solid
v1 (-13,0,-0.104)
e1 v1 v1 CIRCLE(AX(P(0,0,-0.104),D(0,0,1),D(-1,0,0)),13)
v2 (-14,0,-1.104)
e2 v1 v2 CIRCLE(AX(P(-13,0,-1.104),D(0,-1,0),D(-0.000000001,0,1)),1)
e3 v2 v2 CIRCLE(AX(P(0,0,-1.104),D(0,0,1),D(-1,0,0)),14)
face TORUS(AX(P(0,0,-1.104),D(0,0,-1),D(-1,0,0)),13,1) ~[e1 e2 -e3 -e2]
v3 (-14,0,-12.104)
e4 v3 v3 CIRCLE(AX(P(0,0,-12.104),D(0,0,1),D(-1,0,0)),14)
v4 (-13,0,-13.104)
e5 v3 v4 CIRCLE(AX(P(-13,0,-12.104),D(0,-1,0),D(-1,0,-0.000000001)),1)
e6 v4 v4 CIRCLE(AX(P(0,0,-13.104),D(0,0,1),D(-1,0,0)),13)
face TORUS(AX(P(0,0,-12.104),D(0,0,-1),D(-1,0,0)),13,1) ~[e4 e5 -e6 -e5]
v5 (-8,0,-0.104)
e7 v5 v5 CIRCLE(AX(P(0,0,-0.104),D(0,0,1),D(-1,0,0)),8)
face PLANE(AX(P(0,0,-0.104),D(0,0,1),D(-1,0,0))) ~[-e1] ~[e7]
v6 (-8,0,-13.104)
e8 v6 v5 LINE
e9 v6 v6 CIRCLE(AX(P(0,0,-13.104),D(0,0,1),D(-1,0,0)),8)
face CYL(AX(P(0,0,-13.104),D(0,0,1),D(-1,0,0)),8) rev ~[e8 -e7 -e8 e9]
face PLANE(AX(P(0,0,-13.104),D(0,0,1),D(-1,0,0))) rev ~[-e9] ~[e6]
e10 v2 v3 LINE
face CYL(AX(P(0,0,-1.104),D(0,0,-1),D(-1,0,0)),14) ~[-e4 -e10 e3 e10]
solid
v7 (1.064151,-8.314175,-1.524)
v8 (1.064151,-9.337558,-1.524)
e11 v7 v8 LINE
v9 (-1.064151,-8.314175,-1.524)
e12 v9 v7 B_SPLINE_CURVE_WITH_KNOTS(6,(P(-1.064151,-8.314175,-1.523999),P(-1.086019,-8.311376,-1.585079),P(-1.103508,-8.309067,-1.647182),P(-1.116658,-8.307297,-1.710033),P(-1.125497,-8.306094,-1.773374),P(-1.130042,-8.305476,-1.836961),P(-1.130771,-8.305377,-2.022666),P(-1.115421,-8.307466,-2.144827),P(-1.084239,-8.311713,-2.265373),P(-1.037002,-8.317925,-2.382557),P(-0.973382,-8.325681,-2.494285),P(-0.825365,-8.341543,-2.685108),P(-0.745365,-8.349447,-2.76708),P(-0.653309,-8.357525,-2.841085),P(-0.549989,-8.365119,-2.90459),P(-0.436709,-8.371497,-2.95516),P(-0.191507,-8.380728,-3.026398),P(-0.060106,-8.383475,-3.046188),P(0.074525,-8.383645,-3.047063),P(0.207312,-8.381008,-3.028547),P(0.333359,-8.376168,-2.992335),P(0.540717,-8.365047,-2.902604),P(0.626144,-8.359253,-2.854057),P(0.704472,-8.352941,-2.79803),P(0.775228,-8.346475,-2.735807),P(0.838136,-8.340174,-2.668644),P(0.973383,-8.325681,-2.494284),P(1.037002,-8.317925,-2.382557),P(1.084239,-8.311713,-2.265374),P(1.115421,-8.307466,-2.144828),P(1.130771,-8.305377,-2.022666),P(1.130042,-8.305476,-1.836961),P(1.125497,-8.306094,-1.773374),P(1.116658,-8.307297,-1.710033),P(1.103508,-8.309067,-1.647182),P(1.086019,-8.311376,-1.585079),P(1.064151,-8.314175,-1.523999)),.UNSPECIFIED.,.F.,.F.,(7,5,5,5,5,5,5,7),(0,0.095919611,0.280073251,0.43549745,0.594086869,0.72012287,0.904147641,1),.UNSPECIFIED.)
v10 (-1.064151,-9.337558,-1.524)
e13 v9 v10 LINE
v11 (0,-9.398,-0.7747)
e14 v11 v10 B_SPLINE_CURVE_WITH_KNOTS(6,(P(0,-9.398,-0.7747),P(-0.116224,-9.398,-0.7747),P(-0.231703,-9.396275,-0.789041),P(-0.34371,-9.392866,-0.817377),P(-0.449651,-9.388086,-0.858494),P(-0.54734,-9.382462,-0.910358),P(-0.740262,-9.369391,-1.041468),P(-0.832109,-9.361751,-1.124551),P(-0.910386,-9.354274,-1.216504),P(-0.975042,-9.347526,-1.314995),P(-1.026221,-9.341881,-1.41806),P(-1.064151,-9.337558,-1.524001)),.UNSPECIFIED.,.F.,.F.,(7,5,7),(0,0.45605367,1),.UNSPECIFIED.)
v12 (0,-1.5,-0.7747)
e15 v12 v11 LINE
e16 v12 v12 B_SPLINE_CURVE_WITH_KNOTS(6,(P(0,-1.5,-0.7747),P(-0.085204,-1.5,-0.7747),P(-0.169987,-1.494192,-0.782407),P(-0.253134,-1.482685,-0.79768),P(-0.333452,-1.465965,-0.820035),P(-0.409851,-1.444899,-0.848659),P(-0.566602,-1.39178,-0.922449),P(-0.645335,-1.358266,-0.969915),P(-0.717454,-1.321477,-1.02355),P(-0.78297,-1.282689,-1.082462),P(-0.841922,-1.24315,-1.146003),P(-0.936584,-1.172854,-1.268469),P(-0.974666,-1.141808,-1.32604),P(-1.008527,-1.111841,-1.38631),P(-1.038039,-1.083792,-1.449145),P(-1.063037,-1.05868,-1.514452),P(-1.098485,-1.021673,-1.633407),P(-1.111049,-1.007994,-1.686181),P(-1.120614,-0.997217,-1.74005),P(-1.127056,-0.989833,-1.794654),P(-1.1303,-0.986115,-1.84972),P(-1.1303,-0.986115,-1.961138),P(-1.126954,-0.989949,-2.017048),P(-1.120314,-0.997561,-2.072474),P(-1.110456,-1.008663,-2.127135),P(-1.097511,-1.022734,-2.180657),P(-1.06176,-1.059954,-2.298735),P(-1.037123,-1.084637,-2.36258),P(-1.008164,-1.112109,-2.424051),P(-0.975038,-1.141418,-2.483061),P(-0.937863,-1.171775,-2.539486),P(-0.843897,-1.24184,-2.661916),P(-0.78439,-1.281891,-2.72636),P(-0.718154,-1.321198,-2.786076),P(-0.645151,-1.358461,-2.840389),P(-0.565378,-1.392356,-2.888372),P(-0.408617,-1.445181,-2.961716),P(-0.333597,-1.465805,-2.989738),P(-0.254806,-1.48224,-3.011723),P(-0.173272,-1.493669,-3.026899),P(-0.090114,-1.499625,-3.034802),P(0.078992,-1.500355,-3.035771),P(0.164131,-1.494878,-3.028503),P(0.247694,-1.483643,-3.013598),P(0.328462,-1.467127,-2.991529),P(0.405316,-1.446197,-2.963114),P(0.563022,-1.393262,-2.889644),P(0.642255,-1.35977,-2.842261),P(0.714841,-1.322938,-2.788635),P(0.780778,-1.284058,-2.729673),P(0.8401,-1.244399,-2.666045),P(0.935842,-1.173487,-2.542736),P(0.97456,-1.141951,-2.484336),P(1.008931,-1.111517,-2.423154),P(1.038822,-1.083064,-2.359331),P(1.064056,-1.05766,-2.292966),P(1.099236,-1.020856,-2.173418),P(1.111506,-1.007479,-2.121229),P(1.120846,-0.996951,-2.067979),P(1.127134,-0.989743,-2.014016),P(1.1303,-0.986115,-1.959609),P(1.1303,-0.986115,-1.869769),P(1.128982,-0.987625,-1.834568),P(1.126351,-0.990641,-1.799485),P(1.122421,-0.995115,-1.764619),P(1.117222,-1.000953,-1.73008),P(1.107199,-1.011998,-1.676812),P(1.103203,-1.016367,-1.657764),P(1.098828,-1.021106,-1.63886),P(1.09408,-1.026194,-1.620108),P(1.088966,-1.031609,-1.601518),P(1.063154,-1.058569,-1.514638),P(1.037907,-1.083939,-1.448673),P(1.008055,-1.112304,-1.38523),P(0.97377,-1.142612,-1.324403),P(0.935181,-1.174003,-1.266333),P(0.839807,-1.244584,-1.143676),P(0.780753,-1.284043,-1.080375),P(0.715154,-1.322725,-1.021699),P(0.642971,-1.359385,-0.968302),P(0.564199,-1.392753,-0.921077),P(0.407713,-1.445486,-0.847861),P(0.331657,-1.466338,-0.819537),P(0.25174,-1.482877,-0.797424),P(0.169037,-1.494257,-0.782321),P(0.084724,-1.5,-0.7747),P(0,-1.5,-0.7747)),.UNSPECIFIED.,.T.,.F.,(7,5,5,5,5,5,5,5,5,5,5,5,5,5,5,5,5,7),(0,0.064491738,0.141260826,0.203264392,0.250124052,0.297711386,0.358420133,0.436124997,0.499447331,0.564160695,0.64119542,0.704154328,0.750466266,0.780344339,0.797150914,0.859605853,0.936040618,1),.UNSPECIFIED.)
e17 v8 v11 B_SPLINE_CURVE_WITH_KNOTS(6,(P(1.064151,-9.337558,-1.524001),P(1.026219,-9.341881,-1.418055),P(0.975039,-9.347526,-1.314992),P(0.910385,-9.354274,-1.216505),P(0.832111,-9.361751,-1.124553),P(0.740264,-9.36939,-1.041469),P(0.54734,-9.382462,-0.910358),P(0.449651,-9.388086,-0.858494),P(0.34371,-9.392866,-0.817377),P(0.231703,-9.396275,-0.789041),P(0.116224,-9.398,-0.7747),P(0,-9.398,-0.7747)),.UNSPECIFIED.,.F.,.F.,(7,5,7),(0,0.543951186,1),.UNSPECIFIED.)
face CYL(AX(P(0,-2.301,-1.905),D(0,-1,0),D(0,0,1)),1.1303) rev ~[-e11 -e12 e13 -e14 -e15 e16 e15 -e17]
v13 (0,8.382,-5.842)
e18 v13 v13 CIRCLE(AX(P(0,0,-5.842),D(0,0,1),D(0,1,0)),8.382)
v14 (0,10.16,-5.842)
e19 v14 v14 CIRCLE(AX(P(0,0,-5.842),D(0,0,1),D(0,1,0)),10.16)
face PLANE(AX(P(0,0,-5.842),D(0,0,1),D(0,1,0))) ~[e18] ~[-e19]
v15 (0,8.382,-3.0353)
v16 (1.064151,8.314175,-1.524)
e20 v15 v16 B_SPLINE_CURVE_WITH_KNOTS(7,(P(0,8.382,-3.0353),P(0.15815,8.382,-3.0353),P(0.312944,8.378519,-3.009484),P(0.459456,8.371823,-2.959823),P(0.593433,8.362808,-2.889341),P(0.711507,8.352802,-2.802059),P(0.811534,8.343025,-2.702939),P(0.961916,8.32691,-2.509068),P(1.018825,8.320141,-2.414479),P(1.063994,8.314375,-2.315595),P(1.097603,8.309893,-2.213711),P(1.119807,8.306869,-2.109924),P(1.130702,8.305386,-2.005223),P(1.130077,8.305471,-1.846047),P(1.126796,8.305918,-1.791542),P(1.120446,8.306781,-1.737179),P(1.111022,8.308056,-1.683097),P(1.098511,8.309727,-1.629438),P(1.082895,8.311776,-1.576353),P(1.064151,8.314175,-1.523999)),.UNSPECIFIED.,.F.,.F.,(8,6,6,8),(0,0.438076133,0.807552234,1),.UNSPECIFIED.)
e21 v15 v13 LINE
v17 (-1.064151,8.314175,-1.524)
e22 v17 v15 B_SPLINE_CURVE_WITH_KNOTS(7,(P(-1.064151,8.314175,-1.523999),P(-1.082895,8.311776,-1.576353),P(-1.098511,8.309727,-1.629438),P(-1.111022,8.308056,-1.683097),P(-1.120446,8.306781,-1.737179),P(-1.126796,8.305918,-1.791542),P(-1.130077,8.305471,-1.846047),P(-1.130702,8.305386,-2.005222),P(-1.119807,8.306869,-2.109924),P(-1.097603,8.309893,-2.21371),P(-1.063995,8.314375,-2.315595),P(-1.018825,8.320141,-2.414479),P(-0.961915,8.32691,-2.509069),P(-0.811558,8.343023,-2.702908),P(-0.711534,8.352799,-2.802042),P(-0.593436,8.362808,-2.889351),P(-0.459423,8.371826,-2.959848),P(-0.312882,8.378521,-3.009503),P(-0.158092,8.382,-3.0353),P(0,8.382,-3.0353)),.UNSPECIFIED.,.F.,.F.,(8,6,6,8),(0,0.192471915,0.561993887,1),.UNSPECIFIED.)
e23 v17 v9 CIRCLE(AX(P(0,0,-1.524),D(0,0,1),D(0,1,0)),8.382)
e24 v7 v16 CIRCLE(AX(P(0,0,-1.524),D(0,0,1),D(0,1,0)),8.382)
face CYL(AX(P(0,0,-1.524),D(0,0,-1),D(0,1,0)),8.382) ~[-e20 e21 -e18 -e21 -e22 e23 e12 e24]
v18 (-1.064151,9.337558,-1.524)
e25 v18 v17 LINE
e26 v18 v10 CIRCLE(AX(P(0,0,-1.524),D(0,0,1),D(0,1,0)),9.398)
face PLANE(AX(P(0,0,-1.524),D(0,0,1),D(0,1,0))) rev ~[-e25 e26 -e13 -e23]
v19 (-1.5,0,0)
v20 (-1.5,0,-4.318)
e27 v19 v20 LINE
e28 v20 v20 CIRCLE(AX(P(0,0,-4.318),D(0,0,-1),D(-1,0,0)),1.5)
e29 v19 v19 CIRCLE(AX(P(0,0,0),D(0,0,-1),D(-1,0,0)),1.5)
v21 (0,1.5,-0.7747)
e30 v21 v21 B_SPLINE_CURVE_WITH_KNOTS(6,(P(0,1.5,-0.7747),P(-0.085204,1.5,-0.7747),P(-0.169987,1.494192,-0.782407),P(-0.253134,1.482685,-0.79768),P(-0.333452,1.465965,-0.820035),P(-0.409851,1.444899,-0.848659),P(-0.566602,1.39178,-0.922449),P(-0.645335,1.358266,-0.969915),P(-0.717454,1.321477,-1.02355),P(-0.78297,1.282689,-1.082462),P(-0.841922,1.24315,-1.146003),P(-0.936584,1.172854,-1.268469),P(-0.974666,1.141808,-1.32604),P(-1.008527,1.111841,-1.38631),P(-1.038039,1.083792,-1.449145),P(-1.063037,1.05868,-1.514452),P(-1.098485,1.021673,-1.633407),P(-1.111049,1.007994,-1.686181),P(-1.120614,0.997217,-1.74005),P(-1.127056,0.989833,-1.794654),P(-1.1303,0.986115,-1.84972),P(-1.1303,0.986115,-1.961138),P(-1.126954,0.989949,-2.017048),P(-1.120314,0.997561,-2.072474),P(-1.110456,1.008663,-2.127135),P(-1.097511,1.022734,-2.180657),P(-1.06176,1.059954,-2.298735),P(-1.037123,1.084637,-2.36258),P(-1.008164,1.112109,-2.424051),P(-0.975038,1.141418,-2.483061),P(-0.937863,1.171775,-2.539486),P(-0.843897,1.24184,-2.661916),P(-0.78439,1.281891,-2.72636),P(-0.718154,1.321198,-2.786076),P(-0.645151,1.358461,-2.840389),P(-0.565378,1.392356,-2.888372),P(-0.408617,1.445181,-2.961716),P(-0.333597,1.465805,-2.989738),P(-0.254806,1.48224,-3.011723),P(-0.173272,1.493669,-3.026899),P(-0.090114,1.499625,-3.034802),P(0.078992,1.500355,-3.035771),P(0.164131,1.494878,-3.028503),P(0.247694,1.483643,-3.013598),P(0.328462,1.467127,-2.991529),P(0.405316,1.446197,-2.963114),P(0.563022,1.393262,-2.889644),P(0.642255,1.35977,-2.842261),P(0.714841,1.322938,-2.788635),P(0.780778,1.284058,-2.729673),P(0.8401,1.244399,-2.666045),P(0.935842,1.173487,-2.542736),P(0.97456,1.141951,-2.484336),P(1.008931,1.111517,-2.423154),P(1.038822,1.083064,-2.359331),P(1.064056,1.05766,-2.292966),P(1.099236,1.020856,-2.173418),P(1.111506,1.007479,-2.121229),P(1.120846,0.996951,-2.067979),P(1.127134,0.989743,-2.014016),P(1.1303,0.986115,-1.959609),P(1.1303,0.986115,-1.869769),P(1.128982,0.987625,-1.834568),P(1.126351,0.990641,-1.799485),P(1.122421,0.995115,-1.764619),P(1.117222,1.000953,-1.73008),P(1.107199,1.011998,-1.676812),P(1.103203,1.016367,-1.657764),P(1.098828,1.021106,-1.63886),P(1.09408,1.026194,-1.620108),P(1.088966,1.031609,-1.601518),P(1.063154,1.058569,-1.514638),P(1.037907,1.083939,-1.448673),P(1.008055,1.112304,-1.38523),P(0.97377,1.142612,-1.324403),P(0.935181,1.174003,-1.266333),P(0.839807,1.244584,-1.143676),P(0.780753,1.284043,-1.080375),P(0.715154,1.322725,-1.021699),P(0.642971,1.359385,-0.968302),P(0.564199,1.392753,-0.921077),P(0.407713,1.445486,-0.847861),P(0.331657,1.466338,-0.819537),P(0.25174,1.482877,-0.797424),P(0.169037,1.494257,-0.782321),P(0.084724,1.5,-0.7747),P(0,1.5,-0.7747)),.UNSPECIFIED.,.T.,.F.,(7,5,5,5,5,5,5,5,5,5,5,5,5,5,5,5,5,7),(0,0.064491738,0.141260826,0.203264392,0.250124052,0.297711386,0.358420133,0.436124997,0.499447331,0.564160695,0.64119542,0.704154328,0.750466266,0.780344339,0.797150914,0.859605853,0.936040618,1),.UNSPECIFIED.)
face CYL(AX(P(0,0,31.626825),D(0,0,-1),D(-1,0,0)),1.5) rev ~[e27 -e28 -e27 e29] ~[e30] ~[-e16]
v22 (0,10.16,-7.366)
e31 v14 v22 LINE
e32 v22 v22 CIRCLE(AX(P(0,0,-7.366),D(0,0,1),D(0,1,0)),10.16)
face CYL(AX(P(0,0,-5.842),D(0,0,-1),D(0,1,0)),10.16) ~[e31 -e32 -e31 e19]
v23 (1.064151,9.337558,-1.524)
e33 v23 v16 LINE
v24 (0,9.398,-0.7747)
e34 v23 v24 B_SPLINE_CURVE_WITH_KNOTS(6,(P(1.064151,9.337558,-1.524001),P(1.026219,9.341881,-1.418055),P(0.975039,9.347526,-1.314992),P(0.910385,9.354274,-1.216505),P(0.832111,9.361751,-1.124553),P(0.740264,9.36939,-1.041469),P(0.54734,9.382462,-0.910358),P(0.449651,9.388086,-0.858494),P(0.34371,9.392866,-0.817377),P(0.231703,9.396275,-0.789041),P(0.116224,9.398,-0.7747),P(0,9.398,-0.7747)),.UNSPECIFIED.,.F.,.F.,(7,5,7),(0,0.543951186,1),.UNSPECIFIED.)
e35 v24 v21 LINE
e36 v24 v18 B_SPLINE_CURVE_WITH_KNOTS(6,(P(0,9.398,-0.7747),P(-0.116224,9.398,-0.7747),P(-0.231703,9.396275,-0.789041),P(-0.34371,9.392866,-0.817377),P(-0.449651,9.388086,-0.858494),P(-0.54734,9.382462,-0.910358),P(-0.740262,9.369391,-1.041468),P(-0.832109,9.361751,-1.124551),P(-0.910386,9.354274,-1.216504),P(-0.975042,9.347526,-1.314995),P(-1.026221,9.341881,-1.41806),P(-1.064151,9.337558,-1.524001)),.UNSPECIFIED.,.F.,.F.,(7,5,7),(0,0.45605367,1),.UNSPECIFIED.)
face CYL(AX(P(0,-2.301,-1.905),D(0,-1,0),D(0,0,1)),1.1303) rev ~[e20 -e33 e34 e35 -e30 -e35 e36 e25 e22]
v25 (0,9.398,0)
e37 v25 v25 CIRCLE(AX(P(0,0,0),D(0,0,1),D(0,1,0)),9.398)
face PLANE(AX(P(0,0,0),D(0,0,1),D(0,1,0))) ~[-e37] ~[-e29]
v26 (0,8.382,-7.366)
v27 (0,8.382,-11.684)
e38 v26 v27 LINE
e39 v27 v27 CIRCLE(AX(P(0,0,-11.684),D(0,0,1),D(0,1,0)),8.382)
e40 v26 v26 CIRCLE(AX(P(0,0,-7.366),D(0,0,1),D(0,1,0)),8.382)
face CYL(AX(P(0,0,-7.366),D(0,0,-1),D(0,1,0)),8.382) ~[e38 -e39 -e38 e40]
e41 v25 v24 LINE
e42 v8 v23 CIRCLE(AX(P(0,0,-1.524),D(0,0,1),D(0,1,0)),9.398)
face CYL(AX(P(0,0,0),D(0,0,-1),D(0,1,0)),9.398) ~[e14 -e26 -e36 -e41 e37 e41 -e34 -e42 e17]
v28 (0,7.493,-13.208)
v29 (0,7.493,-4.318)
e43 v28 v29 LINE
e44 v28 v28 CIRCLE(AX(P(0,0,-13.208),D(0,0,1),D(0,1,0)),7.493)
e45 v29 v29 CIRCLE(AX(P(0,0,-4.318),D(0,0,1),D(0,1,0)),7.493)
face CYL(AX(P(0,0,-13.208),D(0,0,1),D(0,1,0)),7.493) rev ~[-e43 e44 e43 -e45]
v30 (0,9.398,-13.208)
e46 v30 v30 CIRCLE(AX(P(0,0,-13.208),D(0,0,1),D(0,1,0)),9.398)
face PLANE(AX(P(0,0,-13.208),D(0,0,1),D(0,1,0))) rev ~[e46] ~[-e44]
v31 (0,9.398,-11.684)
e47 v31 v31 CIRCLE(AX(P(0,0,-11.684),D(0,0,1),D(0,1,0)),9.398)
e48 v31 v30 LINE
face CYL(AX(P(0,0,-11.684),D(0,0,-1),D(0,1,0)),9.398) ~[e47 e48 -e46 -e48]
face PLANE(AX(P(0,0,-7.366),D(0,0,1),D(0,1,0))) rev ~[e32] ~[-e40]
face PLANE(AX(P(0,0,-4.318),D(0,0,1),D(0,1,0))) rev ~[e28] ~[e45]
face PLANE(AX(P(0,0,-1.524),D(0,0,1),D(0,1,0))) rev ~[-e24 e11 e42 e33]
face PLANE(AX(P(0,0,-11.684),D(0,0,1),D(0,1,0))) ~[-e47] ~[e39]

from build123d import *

# Parameters (mm, degrees)
F_3_0_3_DIAMETER_HOLE1_D = 3
SKETCH4_W                = 1.1303
SKETCH4_H                = 23.398


with BuildPart() as part:
    # Sketch1 → Revolve1 (revolve)
    with BuildSketch(Plane(origin=(0, 0, 0), x_dir=(0, 0, -1), z_dir=(1, 0, 0))):
        Polygon((0, 0), (0, 9.398), (1.524, 9.398), (1.524, 8.382), (5.842, 8.382), (5.842, 10.16), (7.366, 10.16), (7.366, 8.382), (11.684, 8.382), (11.684, 9.398), (13.208, 9.398), (13.208, 7.493), (4.318, 7.493), (4.318, 0), align=None)
    revolve(axis=Axis((0, 0, -13.776427276), (0, 0, 1)))

    # Ø3.0 (3) Diameter Hole1 (through all)
    with Locations(Plane.XY):
        with Locations((0, 0)):
            Hole(F_3_0_3_DIAMETER_HOLE1_D / 2)

    # Sketch4 → #4-40 Tapped Hole1 (revolve, cut)
    with BuildSketch(Plane(origin=(0, 9.398, -1.905), x_dir=(0, 0, 1), z_dir=(1, 0, 0))):
        with Locations((0.56515, 11.699)):
            Rectangle(SKETCH4_W, SKETCH4_H)
    revolve(axis=Axis((0, 15.748, -1.905), (0, -1, 0)), mode=Mode.SUBTRACT)


with BuildPart() as body_2:
    # Sketch5 → Revolve2 (revolve)
    with BuildSketch(Plane(origin=(0, 0, 0), x_dir=(0, 0, -1), z_dir=(1, 0, 0)), mode=Mode.PRIVATE) as revolve2_sk:
        with BuildLine():
            Line((1.104, 14), (12.104, 14))
            ThreePointArc((12.104, 14), (12.811106781, 13.707106781), (13.104, 13))
            Line((13.104, 13), (13.104, 8))
            Line((13.104, 8), (0.104, 8))
            Line((0.104, 8), (0.104, 13))
            ThreePointArc((0.104, 13), (0.396893219, 13.707106781), (1.104, 14))
        make_face()
    revolve(revolve2_sk.sketch.rotate(Axis((0, 0, -80.9), (0, 0, 1)), 90), axis=Axis((0, 0, -80.9), (0, 0, 1)))


solid = Compound([part.part, body_2.part])
